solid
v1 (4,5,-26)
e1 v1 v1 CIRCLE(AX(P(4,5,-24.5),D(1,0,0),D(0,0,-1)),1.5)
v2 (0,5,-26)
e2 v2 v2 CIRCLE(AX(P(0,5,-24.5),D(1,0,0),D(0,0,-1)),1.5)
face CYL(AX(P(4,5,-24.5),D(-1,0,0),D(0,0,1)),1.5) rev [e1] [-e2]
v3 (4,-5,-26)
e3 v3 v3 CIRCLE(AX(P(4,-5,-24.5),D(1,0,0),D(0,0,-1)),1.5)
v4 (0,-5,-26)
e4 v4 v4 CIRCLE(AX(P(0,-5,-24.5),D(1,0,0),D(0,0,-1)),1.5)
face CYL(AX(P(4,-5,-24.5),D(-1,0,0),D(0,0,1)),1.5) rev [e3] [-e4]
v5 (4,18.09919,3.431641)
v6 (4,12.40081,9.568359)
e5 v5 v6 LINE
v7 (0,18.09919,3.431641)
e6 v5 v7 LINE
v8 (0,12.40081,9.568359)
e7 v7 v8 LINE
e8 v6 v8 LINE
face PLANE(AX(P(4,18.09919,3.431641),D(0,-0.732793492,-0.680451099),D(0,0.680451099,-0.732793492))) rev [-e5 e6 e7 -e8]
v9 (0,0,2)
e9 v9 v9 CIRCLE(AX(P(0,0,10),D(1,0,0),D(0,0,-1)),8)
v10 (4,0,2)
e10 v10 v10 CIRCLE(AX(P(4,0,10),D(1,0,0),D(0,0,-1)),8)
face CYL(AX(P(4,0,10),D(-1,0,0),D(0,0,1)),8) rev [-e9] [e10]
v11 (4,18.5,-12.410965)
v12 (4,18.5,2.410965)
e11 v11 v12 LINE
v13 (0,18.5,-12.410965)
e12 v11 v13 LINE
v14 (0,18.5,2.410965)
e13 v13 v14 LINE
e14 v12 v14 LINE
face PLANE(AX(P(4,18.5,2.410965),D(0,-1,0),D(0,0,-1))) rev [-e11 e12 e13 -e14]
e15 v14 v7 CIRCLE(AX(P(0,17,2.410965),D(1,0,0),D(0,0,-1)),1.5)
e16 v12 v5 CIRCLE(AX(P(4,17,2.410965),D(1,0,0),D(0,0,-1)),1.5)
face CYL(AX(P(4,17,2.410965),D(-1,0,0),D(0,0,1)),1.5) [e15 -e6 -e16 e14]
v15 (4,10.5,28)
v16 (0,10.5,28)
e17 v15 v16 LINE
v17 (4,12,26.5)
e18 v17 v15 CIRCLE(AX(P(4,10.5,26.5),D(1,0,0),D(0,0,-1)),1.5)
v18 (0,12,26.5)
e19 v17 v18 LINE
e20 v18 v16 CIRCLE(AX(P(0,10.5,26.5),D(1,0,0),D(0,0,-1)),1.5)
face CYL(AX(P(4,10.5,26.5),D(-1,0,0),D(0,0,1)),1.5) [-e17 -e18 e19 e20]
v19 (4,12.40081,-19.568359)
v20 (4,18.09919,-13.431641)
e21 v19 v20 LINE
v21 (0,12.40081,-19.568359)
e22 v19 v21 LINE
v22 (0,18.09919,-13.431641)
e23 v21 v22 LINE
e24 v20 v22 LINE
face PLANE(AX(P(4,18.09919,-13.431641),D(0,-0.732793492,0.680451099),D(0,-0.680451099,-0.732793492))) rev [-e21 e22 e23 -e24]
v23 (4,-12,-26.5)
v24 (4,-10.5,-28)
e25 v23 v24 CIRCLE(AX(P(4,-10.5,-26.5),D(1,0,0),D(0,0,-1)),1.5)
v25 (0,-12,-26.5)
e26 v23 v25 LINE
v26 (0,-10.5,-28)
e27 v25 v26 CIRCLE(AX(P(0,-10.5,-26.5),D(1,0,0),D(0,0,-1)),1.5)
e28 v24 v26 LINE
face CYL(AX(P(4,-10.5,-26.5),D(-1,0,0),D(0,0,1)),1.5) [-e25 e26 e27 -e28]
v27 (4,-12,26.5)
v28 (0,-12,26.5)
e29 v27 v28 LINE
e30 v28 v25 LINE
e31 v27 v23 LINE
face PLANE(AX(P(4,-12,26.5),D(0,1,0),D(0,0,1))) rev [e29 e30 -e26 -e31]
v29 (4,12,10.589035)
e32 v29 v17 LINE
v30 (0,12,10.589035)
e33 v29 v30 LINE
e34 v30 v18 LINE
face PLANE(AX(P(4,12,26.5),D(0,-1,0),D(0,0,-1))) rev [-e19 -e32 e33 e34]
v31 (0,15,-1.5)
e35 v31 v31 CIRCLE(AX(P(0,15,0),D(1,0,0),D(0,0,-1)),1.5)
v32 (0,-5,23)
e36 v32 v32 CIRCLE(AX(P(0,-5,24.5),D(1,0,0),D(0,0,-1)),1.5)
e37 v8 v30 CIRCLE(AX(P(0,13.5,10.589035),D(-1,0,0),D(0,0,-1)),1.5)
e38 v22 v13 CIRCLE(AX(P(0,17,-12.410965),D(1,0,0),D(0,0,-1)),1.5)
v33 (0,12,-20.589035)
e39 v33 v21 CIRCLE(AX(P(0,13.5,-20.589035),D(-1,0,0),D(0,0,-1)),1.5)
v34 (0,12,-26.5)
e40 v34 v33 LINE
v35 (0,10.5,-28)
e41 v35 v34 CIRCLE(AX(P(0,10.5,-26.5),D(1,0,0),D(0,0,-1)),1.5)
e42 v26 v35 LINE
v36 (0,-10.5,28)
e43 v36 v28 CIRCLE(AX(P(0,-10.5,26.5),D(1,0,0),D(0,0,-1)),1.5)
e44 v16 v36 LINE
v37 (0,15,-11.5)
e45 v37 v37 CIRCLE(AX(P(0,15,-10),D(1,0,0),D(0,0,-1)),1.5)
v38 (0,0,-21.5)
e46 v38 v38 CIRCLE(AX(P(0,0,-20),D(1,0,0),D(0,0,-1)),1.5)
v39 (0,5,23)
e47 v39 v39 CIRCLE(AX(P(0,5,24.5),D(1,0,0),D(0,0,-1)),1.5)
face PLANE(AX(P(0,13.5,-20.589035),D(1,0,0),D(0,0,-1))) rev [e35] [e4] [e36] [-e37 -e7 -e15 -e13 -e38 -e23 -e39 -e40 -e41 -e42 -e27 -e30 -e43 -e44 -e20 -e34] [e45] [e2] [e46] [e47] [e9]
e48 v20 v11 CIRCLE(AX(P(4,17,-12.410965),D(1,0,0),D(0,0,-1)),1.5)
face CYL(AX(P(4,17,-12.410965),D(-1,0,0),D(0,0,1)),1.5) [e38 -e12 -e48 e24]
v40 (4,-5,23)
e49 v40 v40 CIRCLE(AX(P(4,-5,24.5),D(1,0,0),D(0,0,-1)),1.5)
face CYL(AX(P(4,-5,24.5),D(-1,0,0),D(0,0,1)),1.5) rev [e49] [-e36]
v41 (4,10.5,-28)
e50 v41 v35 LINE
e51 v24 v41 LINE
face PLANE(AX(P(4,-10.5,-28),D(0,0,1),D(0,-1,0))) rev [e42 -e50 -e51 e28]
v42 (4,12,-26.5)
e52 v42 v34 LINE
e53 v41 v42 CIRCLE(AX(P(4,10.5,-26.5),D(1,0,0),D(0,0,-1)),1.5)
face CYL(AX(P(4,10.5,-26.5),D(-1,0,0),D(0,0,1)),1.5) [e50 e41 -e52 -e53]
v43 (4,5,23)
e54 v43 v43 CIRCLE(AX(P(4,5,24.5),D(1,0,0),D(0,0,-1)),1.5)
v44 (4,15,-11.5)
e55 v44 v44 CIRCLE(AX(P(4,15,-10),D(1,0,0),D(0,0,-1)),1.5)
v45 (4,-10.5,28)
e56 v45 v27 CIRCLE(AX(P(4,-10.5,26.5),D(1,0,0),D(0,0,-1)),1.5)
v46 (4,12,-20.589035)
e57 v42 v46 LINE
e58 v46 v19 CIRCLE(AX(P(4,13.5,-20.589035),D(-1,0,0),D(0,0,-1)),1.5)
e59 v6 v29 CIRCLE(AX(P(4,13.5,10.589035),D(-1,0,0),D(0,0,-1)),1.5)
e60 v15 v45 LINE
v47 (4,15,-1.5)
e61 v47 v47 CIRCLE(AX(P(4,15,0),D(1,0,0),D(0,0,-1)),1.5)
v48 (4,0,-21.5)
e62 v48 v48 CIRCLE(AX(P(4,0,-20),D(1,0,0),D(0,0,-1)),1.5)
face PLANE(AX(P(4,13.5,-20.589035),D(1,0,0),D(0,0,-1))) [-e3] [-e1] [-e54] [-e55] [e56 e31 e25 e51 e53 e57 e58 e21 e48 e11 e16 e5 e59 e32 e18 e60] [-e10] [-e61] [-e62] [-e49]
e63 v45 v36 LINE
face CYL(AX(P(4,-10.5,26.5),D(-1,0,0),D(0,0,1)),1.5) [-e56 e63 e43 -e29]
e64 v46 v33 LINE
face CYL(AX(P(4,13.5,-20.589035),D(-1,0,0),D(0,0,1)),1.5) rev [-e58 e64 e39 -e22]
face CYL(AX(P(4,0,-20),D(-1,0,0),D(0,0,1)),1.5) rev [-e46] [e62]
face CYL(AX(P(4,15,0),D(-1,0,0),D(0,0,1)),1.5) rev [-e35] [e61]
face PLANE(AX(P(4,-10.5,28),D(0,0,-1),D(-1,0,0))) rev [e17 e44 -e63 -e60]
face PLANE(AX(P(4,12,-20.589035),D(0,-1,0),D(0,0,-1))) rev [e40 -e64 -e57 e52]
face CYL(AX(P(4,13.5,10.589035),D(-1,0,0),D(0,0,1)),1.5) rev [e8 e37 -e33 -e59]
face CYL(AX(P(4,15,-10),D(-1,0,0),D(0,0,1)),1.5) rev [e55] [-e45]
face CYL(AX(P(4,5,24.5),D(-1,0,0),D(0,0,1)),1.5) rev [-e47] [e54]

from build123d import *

# Parameters (mm, degrees)
SKETCH_1_R      = 1.5
SKETCH_1_R_2    = 8
EXTRUDE_1_DEPTH = 4


with BuildPart() as part:
    # 草图1 → 凸台-拉伸1 (new body)
    with BuildSketch(Plane(origin=(0, 0, 0), x_dir=(0, 0, -1), z_dir=(1, 0, 0))):
        with BuildLine():
            Line((20.589035366, 12), (26.5, 12))
            ThreePointArc((26.5, 12), (27.560660172, 11.560660172), (28, 10.5))
            Line((28, 10.5), (28, -10.5))
            ThreePointArc((28, -10.5), (27.560660172, -11.560660172), (26.5, -12))
            Line((26.5, -12), (-26.5, -12))
            ThreePointArc((-26.5, -12), (-27.560660172, -11.560660172), (-28, -10.5))
            Line((-28, -10.5), (-28, 10.5))
            ThreePointArc((-28, 10.5), (-27.560660172, 11.560660172), (-26.5, 12))
            Line((-26.5, 12), (-10.589035366, 12))
            ThreePointArc((-10.589035366, 12), (-10.040758683, 12.103793469), (-9.568358717, 12.400809763))
            Line((-9.568358717, 12.400809763), (-3.431641283, 18.099190237))
            ThreePointArc((-3.431641283, 18.099190237), (-2.959241317, 18.396206531), (-2.410964634, 18.5))
            Line((-2.410964634, 18.5), (12.410964634, 18.5))
            ThreePointArc((12.410964634, 18.5), (12.959241317, 18.396206531), (13.431641283, 18.099190237))
            Line((13.431641283, 18.099190237), (19.568358717, 12.400809763))
            ThreePointArc((19.568358717, 12.400809763), (20.040758683, 12.103793469), (20.589035366, 12))
        make_face()
        with Locations((0, 15)):
            Circle(SKETCH_1_R, mode=Mode.SUBTRACT)
        with Locations((20, 0)):
            Circle(SKETCH_1_R, mode=Mode.SUBTRACT)
        with Locations((-10, 0)):
            Circle(SKETCH_1_R_2, mode=Mode.SUBTRACT)
        with Locations((24.5, 5)):
            Circle(SKETCH_1_R, mode=Mode.SUBTRACT)
        with Locations((24.5, -5)):
            Circle(SKETCH_1_R, mode=Mode.SUBTRACT)
        with Locations((-24.5, 5)):
            Circle(SKETCH_1_R, mode=Mode.SUBTRACT)
        with Locations((-24.5, -5)):
            Circle(SKETCH_1_R, mode=Mode.SUBTRACT)
        with Locations((10, 15)):
            Circle(SKETCH_1_R, mode=Mode.SUBTRACT)
    extrude(amount=EXTRUDE_1_DEPTH)


solid = part.part
